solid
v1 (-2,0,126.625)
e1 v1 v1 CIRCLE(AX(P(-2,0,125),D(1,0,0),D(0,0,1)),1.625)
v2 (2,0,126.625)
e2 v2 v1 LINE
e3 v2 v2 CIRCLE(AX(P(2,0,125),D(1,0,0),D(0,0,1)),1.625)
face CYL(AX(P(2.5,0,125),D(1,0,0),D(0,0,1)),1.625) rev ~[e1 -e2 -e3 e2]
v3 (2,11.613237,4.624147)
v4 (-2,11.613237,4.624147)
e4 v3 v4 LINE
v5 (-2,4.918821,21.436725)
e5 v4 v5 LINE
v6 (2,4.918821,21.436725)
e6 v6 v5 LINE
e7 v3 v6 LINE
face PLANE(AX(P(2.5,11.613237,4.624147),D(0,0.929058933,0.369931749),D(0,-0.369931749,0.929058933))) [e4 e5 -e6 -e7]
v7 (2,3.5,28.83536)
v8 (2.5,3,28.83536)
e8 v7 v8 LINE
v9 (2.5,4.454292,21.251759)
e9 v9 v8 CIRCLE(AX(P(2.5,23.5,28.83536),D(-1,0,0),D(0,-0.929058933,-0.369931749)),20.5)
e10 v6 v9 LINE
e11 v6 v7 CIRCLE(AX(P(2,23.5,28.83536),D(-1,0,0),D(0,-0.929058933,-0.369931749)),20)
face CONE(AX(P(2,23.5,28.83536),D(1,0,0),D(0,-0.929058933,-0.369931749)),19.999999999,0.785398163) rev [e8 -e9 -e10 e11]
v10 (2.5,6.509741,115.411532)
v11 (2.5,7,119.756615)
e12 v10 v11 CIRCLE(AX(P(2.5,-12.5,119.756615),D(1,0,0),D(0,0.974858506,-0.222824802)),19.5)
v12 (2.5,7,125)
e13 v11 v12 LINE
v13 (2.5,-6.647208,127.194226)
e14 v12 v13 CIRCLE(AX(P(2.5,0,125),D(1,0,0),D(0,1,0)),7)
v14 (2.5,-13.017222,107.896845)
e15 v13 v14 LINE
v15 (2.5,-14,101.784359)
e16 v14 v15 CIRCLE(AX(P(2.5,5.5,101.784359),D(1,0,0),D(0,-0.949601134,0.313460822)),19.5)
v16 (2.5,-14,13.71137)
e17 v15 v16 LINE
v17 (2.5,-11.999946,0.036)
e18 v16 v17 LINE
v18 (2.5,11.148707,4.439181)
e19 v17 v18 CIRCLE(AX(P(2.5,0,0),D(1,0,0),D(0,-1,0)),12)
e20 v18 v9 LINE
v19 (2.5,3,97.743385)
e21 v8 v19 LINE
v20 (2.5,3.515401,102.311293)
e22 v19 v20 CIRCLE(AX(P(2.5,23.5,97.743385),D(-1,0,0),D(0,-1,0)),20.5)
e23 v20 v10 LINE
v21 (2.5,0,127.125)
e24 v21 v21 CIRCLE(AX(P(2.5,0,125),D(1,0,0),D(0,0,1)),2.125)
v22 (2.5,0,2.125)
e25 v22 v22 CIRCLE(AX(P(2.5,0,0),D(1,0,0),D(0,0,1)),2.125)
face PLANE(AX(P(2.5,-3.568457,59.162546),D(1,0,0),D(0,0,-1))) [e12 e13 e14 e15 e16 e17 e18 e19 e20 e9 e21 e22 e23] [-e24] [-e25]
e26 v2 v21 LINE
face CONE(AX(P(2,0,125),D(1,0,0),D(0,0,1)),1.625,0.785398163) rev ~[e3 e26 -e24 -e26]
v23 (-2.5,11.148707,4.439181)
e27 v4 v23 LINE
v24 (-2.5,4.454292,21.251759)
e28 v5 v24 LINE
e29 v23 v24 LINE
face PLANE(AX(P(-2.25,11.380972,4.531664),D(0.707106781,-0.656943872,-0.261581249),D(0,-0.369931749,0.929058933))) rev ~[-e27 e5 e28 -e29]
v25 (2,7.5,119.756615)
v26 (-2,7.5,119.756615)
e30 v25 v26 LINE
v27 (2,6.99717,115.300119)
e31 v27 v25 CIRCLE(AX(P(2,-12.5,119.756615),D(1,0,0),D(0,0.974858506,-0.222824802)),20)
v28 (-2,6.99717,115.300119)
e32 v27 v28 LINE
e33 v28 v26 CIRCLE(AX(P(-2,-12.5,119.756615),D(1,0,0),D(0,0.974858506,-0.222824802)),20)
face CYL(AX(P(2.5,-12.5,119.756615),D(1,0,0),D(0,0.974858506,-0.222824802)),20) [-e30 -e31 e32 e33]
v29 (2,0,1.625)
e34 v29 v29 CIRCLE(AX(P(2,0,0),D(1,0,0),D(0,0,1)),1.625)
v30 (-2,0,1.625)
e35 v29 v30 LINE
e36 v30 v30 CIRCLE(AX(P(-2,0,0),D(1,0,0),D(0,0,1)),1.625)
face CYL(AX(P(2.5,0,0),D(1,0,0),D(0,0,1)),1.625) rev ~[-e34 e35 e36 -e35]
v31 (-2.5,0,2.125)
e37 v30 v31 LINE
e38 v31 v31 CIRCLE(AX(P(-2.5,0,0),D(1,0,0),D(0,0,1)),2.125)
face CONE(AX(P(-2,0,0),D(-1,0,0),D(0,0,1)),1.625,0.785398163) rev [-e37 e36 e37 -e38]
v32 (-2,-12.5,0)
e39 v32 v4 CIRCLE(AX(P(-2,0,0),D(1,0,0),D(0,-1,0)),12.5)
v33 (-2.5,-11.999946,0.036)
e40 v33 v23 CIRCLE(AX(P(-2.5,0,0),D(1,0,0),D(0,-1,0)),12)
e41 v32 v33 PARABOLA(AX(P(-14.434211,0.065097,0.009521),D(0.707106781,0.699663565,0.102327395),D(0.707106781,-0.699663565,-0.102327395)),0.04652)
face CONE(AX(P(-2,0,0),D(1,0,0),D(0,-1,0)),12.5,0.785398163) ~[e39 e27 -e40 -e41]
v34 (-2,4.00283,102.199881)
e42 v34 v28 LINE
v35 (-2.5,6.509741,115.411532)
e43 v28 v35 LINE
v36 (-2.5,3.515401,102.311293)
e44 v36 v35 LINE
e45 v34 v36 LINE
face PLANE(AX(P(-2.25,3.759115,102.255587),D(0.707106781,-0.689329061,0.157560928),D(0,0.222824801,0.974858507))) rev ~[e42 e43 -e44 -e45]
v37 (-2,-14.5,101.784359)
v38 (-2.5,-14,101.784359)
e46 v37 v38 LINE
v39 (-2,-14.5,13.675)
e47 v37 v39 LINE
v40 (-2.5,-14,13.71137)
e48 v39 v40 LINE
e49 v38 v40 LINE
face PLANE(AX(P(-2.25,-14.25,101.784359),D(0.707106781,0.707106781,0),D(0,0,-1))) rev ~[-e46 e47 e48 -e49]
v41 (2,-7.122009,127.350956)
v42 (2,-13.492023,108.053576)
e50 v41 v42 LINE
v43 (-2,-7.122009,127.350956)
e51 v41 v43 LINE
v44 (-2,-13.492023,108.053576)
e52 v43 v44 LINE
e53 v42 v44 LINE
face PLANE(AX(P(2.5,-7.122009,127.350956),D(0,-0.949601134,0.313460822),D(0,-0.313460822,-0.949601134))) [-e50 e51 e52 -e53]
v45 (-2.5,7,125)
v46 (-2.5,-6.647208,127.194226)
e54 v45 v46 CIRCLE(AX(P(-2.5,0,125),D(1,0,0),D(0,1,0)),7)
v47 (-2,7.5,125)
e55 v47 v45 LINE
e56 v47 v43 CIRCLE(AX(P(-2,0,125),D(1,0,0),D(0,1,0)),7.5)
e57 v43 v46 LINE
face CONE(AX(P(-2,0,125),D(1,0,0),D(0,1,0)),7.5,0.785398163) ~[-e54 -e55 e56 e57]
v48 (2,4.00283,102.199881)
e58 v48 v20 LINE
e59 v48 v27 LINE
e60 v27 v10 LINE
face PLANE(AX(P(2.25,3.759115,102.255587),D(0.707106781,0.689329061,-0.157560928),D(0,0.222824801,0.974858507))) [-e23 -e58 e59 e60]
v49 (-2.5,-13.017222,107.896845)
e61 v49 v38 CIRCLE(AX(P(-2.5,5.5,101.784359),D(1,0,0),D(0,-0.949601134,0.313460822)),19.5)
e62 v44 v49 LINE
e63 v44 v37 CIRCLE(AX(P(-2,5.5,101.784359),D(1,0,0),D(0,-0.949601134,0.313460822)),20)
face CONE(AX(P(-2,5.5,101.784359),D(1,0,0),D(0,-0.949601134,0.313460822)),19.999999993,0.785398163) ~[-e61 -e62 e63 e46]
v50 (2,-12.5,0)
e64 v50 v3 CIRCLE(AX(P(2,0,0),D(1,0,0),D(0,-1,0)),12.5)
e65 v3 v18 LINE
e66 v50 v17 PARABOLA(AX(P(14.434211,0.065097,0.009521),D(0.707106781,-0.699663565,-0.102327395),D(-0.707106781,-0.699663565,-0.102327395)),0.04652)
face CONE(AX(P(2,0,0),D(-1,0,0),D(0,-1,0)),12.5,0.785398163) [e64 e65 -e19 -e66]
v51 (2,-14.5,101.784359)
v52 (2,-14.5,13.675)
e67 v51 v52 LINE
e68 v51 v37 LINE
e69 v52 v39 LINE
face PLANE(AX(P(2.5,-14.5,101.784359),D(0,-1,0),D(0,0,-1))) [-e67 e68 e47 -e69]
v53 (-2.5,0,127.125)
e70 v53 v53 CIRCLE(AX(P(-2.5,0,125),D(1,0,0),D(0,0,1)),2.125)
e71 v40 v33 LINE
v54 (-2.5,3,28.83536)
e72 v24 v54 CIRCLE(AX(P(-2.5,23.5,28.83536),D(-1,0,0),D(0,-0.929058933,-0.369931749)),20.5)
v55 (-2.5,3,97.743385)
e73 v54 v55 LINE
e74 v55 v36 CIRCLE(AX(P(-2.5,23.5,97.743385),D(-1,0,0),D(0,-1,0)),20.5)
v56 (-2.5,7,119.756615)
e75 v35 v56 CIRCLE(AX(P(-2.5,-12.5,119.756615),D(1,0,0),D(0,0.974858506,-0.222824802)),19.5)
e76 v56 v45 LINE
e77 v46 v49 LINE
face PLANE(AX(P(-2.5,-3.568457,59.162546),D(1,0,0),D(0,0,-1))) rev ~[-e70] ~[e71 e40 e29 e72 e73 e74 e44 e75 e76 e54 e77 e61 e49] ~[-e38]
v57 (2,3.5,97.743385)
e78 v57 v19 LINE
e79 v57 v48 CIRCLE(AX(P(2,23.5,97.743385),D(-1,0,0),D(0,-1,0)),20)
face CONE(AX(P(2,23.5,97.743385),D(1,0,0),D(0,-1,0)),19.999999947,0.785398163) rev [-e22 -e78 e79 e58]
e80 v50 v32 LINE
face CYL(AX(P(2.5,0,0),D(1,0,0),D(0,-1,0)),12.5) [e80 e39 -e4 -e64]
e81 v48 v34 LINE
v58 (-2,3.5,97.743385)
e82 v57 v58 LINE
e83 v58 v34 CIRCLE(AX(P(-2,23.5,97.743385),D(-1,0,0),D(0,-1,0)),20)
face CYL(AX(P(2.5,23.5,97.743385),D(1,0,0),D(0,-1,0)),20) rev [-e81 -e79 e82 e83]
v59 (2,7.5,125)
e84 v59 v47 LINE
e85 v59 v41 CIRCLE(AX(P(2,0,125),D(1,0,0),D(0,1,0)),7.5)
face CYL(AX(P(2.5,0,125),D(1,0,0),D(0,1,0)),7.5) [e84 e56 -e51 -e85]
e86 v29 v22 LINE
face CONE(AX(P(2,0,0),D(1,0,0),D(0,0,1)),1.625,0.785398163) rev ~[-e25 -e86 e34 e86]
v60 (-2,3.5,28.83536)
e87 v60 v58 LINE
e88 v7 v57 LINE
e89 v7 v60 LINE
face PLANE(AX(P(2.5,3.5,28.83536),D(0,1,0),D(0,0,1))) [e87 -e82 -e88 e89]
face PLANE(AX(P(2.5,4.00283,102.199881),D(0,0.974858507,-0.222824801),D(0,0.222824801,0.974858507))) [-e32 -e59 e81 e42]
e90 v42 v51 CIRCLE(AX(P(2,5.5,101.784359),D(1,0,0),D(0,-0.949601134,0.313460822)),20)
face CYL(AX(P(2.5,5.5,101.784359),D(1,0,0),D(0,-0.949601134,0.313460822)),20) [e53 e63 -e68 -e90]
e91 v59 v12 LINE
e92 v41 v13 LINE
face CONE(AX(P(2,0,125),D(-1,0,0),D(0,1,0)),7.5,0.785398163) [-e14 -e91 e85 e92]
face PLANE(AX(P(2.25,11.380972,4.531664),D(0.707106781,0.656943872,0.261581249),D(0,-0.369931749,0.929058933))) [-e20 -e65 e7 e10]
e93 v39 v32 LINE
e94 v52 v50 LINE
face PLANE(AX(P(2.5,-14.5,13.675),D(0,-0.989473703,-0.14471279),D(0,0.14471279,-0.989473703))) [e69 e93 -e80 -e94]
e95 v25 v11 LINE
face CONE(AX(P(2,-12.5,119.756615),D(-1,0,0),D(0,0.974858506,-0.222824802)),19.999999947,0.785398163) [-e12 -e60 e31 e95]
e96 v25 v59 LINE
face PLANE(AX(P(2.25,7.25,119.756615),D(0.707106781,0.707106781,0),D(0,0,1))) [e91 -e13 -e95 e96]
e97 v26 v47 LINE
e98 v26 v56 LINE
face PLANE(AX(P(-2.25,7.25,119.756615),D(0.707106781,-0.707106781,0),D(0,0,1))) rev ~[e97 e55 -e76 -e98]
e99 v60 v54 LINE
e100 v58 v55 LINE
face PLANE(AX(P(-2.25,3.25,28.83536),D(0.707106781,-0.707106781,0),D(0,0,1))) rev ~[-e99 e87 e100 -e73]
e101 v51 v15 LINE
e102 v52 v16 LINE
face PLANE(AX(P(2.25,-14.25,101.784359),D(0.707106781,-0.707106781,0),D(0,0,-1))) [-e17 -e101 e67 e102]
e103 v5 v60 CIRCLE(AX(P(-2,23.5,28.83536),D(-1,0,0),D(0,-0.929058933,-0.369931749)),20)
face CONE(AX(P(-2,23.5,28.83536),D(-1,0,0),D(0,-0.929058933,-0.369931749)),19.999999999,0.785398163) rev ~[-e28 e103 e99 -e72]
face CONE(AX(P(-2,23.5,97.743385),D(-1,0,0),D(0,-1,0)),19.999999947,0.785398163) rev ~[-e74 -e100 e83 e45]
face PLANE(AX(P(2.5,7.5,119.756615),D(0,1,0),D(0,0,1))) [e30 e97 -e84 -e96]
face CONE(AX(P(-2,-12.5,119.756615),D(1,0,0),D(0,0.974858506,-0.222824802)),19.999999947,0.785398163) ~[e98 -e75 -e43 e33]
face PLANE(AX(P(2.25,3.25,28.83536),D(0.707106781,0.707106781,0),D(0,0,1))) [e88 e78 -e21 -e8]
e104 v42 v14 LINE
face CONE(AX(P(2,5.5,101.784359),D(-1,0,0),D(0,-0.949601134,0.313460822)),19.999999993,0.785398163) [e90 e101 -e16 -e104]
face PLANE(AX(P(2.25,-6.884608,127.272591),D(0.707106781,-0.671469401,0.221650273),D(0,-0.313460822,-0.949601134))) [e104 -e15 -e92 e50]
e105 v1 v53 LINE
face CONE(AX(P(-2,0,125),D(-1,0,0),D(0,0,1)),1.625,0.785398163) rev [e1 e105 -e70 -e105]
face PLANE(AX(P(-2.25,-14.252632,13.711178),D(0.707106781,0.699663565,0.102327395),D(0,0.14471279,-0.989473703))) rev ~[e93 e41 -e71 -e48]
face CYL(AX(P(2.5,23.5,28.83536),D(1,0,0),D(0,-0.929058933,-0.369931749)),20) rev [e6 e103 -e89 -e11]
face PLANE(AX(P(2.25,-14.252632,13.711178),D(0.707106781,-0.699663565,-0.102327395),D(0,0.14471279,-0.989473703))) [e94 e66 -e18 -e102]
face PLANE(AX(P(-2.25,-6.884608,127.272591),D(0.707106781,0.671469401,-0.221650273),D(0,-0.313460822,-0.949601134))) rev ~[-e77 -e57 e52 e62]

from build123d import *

# Parameters (mm, degrees)
SKETCH_1_R      = 1.625
SKETCH_1_R_2    = 1.5
EXTRUDE_1_DEPTH = 5
CHAMFER_1_SIZE  = 0.5
EXTRUDE_2_DEPTH = 5


with BuildPart() as part:
    # 草图1 → 凸台-拉伸1 (new body)
    with BuildSketch(Plane(origin=(2.5, 0, 0), x_dir=(0, 0, -1), z_dir=(1, 0, 0))):
        with BuildLine():
            Line((-28.835359751, 3.5), (-97.743384645, 3.5))
            ThreePointArc((-97.743384645, 3.5), (-99.985771473, 3.626105029), (-102.199880675, 4.002829869))
            Line((-102.199880675, 4.002829869), (-115.300119325, 6.997170131))
            ThreePointArc((-115.300119325, 6.997170131), (-117.514228527, 7.373894971), (-119.756615355, 7.5))
            Line((-119.756615355, 7.5), (-125, 7.5))
            ThreePointArc((-125, 7.5), (-132.404899181, 1.190574699), (-127.350956164, -7.122008503))
            Line((-127.350956164, -7.122008503), (-108.053575901, -13.492022674))
            ThreePointArc((-108.053575901, -13.492022674), (-104.959225327, -14.246397817), (-101.784359462, -14.5))
            Line((-101.784359462, -14.5), (-13.675, -14.5))
            Line((-13.675, -14.5), (0, -12.5))
            ThreePointArc((0, -12.5), (12.276307634, 2.354202809), (-4.624146867, 11.613236661))
            Line((-4.624146867, 11.613236661), (-21.436724763, 4.918821342))
            ThreePointArc((-21.436724763, 4.918821342), (-25.068635256, 3.857907785), (-28.835359751, 3.5))
        make_face()
        with Locations(Location((-125, 0, 0), (0, 0, 180))):
            Circle(SKETCH_1_R, mode=Mode.SUBTRACT)
        with Locations(Location((-97.5, -5.5, 0), (0, 0, 180))):
            Circle(SKETCH_1_R_2, mode=Mode.SUBTRACT)
        with Locations(Location((-20, -5.5, 0), (0, 0, 180))):
            Circle(SKETCH_1_R_2, mode=Mode.SUBTRACT)
        with Locations(Location((0, 0, 0), (0, 0, 180))):
            Circle(SKETCH_1_R, mode=Mode.SUBTRACT)
        with BuildLine():
            Line((-87.5, -4), (-32.5, -4))
            ThreePointArc((-32.5, -4), (-31, -5.5), (-32.5, -7))
            Line((-32.5, -7), (-87.5, -7))
            ThreePointArc((-87.5, -7), (-89, -5.5), (-87.5, -4))
        make_face(mode=Mode.SUBTRACT)
    extrude(amount=-EXTRUDE_1_DEPTH)

    # 倒角1
    chamfer_1_edges = [part.edges().sort_by_distance(p)[0] for p in [
        (-2.5, 3.626105029, 99.985771473),
        (2.5, 8.266029002, 13.030435815),
        (2.5, 2.354202809, -12.276307634),
        (2.5, -13.5, 6.8375),
        (2.5, -14.5, 57.729679731),
        (2.5, -14.246397817, 104.959225327),
        (2.5, -10.307015588, 117.702266032),
        (2.5, 1.190574699, 132.404899181),
        (2.5, 7.5, 122.378307678),
        (2.5, 7.373894971, 117.514228527),
        (2.5, 5.5, 108.75),
        (-2.5, 5.5, 108.75),
        (2.5, 3.626105029, 99.985771473),
        (2.5, 3.5, 63.289372198),
        (2.5, 3.857907785, 25.068635256),
        (-2.5, 7.373894971, 117.514228527),
        (-2.5, 7.5, 122.378307678),
        (-2.5, 1.190574699, 132.404899181),
        (-2.5, -10.307015588, 117.702266032),
        (-2.5, 0, 123.375),
        (2.5, 0, 123.375),
        (-2.5, -14.246397817, 104.959225327),
        (-2.5, -5.5, 96),
        (2.5, -5.5, 96),
        (-2.5, -5.5, 18.5),
        (-2.5, -14.5, 57.729679731),
        (2.5, -5.5, 18.5),
        (-2.5, -13.5, 6.8375),
        (-2.5, -5.5, 89),
        (-2.5, -4, 60),
        (-2.5, -5.5, 31),
        (-2.5, -7, 60),
        (-2.5, 2.354202809, -12.276307634),
        (2.5, -5.5, 89),
        (2.5, -7, 60),
        (2.5, -5.5, 31),
        (2.5, -4, 60),
        (-2.5, 3.857907785, 25.068635256),
        (-2.5, 8.266029002, 13.030435815),
        (-2.5, 0, -1.625),
        (2.5, 0, -1.625),
        (-2.5, 3.5, 63.289372198),
    ]]
    chamfer(chamfer_1_edges, length=CHAMFER_1_SIZE)

    # Sketch 3D_1 → 凸台-拉伸2 (add)
    with BuildSketch(Plane(origin=(2.5, 0.724565904, 106.04601189), x_dir=(0, -0.10344866174004491, -0.9946347944769446), z_dir=(-1, 0, 0))):
        Polygon((0, 0), (92.493650367, -9.619957398), (96.694027737, 0), (73.434795042, 4.428728496), (1.034783284, 9.949200326), align=None)
    extrude(amount=EXTRUDE_2_DEPTH)


solid = part.part
